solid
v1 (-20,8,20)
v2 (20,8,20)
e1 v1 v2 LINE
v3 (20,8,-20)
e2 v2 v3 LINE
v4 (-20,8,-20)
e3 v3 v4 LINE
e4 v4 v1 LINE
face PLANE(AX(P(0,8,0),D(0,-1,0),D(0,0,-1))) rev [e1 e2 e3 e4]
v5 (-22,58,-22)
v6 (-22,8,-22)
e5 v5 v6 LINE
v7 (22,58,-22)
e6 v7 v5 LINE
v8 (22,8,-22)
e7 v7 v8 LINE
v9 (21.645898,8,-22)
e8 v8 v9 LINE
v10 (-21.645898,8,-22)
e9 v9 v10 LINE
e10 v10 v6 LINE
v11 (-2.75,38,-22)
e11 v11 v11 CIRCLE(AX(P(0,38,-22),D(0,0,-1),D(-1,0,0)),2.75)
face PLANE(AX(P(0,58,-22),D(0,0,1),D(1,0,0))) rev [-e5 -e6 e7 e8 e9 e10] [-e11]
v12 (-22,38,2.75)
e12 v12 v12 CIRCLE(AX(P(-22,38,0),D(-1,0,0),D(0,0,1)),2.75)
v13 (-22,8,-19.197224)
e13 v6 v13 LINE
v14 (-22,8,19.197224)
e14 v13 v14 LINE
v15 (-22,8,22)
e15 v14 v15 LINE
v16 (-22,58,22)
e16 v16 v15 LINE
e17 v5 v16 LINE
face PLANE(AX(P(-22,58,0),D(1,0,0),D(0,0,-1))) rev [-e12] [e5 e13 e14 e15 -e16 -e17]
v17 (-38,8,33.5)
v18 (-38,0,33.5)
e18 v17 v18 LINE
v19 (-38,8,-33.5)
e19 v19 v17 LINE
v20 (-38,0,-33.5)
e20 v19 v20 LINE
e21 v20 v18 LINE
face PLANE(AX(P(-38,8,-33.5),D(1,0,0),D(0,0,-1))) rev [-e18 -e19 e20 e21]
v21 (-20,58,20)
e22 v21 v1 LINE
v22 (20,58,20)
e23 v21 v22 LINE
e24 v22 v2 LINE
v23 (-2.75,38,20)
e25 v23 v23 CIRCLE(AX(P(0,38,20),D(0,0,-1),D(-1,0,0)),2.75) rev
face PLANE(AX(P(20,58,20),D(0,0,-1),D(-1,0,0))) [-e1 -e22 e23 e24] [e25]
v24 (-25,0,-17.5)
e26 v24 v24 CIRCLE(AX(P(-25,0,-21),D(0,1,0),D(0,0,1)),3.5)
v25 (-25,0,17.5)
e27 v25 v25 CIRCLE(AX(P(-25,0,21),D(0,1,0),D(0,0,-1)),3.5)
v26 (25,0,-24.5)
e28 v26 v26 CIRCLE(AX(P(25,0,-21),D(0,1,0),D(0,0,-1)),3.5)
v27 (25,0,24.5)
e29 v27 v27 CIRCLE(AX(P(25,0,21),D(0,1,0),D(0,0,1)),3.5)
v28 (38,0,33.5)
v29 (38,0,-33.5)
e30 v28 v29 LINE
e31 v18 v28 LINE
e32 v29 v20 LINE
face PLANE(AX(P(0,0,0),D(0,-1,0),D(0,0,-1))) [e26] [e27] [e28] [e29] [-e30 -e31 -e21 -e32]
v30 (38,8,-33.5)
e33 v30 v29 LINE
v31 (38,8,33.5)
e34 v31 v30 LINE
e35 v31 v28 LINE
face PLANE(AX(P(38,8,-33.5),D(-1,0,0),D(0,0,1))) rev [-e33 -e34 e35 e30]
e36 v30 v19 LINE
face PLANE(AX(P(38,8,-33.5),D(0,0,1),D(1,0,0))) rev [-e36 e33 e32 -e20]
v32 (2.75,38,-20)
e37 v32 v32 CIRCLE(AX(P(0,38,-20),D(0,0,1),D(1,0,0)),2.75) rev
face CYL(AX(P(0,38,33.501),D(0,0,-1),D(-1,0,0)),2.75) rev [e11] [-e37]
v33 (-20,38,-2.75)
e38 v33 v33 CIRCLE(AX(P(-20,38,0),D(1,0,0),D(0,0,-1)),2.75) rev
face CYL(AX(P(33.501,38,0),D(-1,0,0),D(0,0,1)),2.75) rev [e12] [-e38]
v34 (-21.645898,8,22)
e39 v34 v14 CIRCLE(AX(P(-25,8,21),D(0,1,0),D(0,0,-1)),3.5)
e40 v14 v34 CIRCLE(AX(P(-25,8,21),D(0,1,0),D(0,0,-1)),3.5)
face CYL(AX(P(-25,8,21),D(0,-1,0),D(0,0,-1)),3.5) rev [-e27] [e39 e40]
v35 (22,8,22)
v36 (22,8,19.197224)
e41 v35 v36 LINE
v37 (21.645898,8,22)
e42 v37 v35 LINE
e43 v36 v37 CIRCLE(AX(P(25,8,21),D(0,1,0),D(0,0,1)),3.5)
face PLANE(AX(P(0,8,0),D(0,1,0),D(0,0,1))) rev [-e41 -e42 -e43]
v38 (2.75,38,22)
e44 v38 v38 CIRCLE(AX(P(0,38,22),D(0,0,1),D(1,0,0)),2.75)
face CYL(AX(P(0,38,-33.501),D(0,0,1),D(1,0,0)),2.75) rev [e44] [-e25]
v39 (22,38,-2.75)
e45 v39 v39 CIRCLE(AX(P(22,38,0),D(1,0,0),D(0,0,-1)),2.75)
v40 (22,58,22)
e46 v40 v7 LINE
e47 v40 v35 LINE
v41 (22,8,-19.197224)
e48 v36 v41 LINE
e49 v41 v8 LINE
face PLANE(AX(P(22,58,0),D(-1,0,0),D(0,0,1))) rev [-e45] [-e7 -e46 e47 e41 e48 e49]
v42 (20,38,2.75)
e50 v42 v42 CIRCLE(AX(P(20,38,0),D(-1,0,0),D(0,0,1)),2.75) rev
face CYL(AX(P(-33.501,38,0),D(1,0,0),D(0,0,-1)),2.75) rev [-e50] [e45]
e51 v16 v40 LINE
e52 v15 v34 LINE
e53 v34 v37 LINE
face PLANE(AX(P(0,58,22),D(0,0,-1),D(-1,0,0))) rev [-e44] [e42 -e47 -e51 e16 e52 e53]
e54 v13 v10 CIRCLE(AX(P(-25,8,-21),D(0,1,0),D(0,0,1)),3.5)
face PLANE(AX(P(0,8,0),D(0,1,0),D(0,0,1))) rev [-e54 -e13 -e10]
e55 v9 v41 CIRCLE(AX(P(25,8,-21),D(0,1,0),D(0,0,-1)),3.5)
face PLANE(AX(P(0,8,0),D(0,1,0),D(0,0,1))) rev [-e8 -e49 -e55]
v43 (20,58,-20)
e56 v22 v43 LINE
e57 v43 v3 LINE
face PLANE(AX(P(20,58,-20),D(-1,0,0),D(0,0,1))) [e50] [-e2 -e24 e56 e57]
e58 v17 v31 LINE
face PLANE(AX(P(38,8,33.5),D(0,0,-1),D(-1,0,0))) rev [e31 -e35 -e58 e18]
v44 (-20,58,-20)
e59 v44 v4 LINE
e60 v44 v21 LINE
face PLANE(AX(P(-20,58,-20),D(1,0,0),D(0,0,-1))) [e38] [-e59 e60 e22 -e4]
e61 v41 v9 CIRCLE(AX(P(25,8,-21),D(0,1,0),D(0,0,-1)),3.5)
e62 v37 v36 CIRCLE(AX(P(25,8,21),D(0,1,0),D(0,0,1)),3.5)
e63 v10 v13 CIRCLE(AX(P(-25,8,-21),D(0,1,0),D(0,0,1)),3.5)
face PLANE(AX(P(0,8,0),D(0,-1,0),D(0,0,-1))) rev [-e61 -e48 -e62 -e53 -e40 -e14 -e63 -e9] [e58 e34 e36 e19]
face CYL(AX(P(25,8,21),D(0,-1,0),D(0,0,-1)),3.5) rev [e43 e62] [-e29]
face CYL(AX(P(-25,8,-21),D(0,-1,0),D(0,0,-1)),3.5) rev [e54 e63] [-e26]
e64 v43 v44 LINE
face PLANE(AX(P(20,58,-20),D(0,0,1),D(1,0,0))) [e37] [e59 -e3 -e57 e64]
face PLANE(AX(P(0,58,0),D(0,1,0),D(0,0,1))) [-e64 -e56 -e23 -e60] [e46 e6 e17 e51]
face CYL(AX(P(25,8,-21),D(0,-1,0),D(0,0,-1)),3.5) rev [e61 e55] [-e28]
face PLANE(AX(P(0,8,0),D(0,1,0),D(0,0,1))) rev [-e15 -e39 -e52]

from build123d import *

# Parameters (mm, degrees)
SKETCH_1_W               = 76
SKETCH_1_H               = 67
SKETCH_1_R               = 3.5
EXTRUDE_1_DEPTH          = 8
SKETCH_2_W               = 44
SKETCH_2_H               = 44
SKETCH_2_W_2             = 40
SKETCH_2_H_2             = 40
EXTRUDE_1_2_DEPTH        = 50
CUT_EXTRUDE_1_REACH      = 90.816
SKETCH_3_R               = 2.75
PATTERN_CIRCULAR_1_COUNT = 4


with BuildPart() as part:
    # Эскиз1 → Extrude 1 (new body)
    with BuildSketch(Plane(origin=(0, 0, 0), x_dir=(1, 0, 0), z_dir=(0, 1, 0))):
        Rectangle(SKETCH_1_W, SKETCH_1_H)
        with Locations((-25, 21)):
            Circle(SKETCH_1_R, mode=Mode.SUBTRACT)
        with Locations((25, 21)):
            Circle(SKETCH_1_R, mode=Mode.SUBTRACT)
        with Locations((25, -21)):
            Circle(SKETCH_1_R, mode=Mode.SUBTRACT)
        with Locations((-25, -21)):
            Circle(SKETCH_1_R, mode=Mode.SUBTRACT)
    extrude(amount=EXTRUDE_1_DEPTH)

    # Эскиз2 → Extrude 1 2 (add)
    with BuildSketch(Plane(origin=(0, 8, 0), x_dir=(1, 0, 0), z_dir=(0, 1, 0))):
        Rectangle(SKETCH_2_W, SKETCH_2_H)
        Rectangle(SKETCH_2_W_2, SKETCH_2_H_2, mode=Mode.SUBTRACT)
    extrude(amount=EXTRUDE_1_2_DEPTH)

    # Эскиз3 → Вырез-Вытянуть1 (cut, up to next)
    with BuildSketch(Plane.XY.offset(22), mode=Mode.PRIVATE) as cut_extrude_1_sk1:
        with Locations((0, 38)):
            Circle(SKETCH_3_R)
    cut_extrude_1_tool1 = extrude(cut_extrude_1_sk1.sketch, amount=-CUT_EXTRUDE_1_REACH, mode=Mode.PRIVATE) & part.part
    cut_extrude_1 = cut_extrude_1_tool1.solids().sort_by_distance((0, 38, 22))[0]
    add(cut_extrude_1, mode=Mode.SUBTRACT)

    # Круговой массив1: Вырез-Вытянуть1 ×4 about axis
    pattern_circular_1_axis = Axis((0, 55, 0), (0, -1, 0))
    for i in range(1, PATTERN_CIRCULAR_1_COUNT):
        add(cut_extrude_1.rotate(pattern_circular_1_axis, i * 360 / PATTERN_CIRCULAR_1_COUNT), mode=Mode.SUBTRACT)


solid = part.part
